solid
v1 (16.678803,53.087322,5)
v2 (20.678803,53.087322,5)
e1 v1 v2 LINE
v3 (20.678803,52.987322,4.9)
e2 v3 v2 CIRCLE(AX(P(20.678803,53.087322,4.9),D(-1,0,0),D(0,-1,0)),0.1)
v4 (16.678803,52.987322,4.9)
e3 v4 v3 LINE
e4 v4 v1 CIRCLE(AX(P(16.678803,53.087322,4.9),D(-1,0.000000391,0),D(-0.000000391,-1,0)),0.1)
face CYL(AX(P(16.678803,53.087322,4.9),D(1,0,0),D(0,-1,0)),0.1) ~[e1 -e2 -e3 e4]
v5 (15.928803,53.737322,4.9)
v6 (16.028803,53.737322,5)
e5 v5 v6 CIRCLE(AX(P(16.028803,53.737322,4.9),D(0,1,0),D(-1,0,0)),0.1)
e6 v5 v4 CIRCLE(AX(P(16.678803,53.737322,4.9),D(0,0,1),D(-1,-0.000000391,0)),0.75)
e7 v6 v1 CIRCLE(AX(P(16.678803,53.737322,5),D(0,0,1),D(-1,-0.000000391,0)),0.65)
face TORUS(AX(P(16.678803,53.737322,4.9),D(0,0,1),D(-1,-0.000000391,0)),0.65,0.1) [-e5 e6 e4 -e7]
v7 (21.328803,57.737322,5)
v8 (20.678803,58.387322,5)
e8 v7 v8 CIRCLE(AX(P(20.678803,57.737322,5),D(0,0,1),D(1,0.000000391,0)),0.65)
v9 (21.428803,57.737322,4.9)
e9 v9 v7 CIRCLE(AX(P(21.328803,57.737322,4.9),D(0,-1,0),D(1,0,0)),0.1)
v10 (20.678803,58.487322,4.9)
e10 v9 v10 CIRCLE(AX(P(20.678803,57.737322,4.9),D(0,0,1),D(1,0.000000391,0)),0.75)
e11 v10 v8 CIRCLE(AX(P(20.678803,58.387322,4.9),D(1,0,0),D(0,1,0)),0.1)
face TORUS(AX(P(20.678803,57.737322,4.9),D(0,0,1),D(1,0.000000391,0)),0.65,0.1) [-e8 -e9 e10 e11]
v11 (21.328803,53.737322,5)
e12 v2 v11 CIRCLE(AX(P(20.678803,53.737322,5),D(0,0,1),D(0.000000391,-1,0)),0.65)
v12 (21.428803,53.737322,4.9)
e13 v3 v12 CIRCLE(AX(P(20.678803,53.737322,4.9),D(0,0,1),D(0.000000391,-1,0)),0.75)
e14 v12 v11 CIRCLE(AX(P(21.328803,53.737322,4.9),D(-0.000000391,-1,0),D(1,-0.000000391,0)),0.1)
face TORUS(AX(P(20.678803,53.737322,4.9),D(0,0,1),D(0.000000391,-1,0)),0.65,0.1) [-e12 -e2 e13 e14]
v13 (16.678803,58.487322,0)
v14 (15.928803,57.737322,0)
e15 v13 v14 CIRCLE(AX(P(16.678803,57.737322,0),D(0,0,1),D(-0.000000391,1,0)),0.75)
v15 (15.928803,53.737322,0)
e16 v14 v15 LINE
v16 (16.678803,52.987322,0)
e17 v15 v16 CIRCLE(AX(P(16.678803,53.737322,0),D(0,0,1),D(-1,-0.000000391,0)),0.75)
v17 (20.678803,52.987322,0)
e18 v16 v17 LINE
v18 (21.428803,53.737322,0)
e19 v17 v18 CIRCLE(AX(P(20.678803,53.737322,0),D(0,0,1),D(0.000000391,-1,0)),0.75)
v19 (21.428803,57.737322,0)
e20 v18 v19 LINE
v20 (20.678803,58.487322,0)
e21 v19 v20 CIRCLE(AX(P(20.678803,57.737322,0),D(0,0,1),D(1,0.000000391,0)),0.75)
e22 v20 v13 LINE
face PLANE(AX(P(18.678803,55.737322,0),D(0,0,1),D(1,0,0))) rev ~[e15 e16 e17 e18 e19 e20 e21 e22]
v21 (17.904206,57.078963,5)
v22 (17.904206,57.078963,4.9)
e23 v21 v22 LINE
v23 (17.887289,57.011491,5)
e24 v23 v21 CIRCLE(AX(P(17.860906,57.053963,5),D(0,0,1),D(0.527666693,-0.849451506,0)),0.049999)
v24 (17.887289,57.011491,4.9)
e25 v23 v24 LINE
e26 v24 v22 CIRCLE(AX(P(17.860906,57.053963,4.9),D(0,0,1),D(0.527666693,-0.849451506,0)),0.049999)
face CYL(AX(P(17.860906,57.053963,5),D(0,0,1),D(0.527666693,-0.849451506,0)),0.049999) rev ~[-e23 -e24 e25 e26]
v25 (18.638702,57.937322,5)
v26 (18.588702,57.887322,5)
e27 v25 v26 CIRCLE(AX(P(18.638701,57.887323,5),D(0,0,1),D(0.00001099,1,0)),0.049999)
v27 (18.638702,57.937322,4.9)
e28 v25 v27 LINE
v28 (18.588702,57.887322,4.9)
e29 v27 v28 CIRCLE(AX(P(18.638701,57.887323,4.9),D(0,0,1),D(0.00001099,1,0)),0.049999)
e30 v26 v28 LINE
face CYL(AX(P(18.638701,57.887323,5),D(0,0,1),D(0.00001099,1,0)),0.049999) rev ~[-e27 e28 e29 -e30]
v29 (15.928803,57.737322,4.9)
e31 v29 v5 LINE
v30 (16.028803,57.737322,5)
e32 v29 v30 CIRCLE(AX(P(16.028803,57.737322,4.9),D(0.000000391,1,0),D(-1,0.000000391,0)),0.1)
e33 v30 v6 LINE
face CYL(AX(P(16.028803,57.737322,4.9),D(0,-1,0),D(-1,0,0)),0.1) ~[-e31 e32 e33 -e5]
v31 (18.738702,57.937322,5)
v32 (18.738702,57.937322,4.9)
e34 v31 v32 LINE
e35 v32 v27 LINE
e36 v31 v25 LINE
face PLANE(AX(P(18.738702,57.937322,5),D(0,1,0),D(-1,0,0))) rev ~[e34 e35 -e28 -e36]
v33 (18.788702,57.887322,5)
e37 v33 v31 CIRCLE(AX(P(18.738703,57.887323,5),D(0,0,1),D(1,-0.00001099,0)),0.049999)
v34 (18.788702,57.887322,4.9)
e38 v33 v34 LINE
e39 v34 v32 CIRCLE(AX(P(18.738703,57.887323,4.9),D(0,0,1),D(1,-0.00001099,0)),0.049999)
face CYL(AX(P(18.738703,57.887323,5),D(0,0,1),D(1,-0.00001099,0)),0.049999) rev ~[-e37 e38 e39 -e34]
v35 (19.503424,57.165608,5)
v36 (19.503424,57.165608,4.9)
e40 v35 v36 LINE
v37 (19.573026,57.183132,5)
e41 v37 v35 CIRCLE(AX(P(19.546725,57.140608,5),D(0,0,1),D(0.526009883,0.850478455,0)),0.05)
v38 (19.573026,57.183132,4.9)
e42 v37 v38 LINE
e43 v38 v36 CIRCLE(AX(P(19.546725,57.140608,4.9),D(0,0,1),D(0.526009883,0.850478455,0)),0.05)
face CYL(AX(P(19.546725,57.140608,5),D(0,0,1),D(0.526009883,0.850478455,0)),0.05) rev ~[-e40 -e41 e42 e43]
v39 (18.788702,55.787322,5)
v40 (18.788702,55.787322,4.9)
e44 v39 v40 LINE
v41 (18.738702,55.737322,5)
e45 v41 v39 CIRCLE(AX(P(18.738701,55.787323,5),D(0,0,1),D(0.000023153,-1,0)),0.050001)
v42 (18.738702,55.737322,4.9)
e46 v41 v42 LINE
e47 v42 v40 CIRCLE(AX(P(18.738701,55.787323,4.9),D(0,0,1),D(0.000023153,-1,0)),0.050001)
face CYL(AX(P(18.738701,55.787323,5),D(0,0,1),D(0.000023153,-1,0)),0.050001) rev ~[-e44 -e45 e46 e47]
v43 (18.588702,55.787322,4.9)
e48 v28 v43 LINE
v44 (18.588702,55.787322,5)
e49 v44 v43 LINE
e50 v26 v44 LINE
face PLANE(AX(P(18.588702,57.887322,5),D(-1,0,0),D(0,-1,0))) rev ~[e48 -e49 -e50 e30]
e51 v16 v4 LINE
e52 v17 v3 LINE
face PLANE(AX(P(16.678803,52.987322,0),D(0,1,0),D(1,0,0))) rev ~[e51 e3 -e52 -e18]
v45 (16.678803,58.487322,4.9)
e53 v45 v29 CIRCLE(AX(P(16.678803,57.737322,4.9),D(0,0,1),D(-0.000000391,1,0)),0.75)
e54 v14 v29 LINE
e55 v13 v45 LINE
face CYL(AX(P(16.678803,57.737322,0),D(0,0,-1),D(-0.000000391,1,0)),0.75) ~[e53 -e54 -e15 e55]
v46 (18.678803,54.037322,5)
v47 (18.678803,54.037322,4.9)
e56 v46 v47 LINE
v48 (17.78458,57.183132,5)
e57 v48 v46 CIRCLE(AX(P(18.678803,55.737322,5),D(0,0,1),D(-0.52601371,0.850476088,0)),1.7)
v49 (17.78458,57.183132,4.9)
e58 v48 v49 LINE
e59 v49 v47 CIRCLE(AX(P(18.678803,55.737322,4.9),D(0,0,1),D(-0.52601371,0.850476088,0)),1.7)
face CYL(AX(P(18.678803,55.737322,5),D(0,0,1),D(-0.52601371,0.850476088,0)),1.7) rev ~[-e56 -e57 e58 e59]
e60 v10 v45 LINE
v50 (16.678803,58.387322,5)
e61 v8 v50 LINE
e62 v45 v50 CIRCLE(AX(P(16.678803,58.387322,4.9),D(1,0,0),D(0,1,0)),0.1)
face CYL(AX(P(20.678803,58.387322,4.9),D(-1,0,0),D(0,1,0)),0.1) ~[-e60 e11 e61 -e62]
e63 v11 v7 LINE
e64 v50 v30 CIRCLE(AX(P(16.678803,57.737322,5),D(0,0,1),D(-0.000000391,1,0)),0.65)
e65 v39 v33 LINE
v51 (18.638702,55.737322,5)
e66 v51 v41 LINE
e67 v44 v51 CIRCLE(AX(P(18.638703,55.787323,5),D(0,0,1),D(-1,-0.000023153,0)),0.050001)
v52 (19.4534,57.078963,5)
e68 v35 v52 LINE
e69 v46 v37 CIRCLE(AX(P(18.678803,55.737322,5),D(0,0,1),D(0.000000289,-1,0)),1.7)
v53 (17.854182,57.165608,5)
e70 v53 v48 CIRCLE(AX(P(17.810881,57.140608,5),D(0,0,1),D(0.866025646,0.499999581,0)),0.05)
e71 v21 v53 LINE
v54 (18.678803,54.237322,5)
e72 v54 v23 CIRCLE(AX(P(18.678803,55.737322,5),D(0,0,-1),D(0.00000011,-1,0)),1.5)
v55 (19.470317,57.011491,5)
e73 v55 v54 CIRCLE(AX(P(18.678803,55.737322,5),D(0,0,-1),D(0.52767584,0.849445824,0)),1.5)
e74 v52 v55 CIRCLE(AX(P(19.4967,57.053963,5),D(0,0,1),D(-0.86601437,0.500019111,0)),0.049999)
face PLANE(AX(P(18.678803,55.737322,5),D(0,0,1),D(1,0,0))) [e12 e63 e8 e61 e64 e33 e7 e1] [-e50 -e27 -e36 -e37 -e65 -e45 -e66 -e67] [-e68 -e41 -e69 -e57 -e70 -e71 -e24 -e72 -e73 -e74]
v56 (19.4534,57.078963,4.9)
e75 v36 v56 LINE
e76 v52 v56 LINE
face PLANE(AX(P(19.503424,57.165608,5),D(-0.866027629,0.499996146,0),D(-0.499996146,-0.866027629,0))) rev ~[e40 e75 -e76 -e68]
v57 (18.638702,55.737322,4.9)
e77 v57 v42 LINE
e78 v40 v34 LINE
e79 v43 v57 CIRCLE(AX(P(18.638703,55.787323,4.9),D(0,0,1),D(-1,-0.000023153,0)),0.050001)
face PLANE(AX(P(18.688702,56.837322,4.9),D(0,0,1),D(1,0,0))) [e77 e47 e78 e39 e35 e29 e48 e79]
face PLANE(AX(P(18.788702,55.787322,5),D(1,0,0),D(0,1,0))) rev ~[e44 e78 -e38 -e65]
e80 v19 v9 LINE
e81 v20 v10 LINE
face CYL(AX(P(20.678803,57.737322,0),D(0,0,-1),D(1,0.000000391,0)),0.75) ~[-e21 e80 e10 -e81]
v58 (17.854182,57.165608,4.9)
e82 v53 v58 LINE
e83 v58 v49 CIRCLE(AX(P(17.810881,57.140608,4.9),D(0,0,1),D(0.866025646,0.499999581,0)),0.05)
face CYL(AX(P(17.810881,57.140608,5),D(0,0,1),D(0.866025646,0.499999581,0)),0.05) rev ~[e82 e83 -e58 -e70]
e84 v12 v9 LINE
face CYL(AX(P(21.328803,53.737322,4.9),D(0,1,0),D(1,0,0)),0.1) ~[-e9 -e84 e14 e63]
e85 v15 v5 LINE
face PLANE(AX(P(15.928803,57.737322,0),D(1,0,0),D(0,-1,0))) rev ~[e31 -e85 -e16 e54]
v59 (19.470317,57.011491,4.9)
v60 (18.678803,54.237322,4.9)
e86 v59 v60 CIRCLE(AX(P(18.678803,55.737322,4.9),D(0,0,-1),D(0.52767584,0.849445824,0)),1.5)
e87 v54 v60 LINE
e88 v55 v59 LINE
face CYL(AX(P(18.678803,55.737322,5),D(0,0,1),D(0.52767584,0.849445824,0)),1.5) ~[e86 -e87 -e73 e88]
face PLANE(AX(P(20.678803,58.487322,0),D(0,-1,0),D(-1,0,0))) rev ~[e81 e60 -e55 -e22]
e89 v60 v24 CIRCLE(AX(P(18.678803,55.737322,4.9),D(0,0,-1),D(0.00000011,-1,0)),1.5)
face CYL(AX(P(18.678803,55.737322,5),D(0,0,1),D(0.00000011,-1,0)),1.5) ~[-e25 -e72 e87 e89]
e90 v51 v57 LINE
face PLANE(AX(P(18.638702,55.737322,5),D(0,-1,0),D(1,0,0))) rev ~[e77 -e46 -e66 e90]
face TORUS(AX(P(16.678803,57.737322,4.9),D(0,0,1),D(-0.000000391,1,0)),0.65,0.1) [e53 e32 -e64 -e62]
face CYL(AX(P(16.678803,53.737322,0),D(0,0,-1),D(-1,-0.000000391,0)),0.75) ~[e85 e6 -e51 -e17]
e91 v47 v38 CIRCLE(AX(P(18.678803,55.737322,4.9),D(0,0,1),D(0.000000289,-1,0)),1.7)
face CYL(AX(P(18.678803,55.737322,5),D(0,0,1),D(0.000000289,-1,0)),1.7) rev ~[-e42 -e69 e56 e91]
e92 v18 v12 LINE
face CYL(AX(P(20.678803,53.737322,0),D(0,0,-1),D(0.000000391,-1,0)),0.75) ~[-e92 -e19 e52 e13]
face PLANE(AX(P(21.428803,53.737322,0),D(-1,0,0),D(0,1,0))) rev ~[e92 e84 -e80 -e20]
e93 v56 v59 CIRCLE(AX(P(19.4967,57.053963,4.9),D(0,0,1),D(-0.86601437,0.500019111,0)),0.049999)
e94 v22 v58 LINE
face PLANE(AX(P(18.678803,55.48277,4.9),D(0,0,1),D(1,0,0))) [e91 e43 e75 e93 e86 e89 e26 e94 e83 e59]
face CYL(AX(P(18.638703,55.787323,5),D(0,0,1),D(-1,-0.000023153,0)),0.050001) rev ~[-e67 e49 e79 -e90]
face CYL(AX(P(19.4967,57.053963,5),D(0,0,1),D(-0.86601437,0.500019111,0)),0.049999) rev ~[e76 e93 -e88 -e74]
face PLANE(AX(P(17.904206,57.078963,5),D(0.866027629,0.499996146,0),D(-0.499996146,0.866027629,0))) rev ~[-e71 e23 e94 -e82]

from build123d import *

# Parameters (mm, degrees)
F1_DEPTH = 5
F3_DEPTH = 0.1
F4_R     = 0.1


with BuildPart() as f1:
    # F0 (on Top) → F1 (new body)
    with BuildSketch(Plane.XY):
        with BuildLine():
            Line((20.678803, 58.487322), (16.678803, 58.487322))
            ThreePointArc((16.678803, 58.487322), (16.148473, 58.267652), (15.928803, 57.737322))
            Line((15.928803, 57.737322), (15.928803, 53.737322))
            ThreePointArc((15.928803, 53.737322), (16.148473, 53.206992), (16.678803, 52.987322))
            Line((16.678803, 52.987322), (20.678803, 52.987322))
            ThreePointArc((20.678803, 52.987322), (21.209133, 53.206992), (21.428803, 53.737322))
            Line((21.428803, 53.737322), (21.428803, 57.737322))
            ThreePointArc((21.428803, 57.737322), (21.209133, 58.267652), (20.678803, 58.487322))
        make_face()
    extrude(amount=F1_DEPTH)

    # F2 (on face) → F3 (cut)
    with BuildSketch(Plane.XY.offset(5)):
        with BuildLine():
            ThreePointArc((19.4534, 57.078963), (19.448202, 57.041803), (19.470317, 57.011491))
            ThreePointArc((19.470317, 57.011491), (20.121241, 55.325772), (18.678803, 54.237322))
            ThreePointArc((18.678803, 54.237322), (17.236365, 55.325772), (17.887289, 57.011491))
            ThreePointArc((17.887289, 57.011491), (17.909404, 57.041803), (17.904206, 57.078963))
            Line((17.904206, 57.078963), (17.854182, 57.165608))
            ThreePointArc((17.854182, 57.165608), (17.823088, 57.189095), (17.78458, 57.183132))
            ThreePointArc((17.78458, 57.183132), (17.043585, 55.272498), (18.678803, 54.037322))
            ThreePointArc((18.678803, 54.037322), (20.314021, 55.272498), (19.573026, 57.183132))
            ThreePointArc((19.573026, 57.183132), (19.534518, 57.189095), (19.503424, 57.165608))
            Line((19.503424, 57.165608), (19.4534, 57.078963))
        make_face()
        with BuildLine():
            ThreePointArc((18.588702, 55.787322), (18.603347, 55.751967), (18.638702, 55.737322))
            Line((18.638702, 55.737322), (18.738702, 55.737322))
            ThreePointArc((18.738702, 55.737322), (18.774057, 55.751967), (18.788702, 55.787322))
            Line((18.788702, 55.787322), (18.788702, 57.887322))
            ThreePointArc((18.788702, 57.887322), (18.774057, 57.922678), (18.738702, 57.937322))
            Line((18.738702, 57.937322), (18.638702, 57.937322))
            ThreePointArc((18.638702, 57.937322), (18.603347, 57.922678), (18.588702, 57.887322))
            Line((18.588702, 57.887322), (18.588702, 55.787322))
        make_face()
    extrude(amount=-F3_DEPTH, mode=Mode.SUBTRACT)

    # F4
    f4_edges = [f1.edges().sort_by_distance(p)[0] for p in [
        (18.678803, 58.487322, 5),
        (16.148473, 58.267652, 5),
        (15.928803, 55.737322, 5),
        (16.148473, 53.206992, 5),
        (21.209133, 53.206992, 5),
        (18.678803, 52.987322, 5),
        (21.428803, 55.737322, 5),
        (21.209133, 58.267652, 5),
    ]]
    fillet(f4_edges, radius=F4_R)


solid = f1.part
